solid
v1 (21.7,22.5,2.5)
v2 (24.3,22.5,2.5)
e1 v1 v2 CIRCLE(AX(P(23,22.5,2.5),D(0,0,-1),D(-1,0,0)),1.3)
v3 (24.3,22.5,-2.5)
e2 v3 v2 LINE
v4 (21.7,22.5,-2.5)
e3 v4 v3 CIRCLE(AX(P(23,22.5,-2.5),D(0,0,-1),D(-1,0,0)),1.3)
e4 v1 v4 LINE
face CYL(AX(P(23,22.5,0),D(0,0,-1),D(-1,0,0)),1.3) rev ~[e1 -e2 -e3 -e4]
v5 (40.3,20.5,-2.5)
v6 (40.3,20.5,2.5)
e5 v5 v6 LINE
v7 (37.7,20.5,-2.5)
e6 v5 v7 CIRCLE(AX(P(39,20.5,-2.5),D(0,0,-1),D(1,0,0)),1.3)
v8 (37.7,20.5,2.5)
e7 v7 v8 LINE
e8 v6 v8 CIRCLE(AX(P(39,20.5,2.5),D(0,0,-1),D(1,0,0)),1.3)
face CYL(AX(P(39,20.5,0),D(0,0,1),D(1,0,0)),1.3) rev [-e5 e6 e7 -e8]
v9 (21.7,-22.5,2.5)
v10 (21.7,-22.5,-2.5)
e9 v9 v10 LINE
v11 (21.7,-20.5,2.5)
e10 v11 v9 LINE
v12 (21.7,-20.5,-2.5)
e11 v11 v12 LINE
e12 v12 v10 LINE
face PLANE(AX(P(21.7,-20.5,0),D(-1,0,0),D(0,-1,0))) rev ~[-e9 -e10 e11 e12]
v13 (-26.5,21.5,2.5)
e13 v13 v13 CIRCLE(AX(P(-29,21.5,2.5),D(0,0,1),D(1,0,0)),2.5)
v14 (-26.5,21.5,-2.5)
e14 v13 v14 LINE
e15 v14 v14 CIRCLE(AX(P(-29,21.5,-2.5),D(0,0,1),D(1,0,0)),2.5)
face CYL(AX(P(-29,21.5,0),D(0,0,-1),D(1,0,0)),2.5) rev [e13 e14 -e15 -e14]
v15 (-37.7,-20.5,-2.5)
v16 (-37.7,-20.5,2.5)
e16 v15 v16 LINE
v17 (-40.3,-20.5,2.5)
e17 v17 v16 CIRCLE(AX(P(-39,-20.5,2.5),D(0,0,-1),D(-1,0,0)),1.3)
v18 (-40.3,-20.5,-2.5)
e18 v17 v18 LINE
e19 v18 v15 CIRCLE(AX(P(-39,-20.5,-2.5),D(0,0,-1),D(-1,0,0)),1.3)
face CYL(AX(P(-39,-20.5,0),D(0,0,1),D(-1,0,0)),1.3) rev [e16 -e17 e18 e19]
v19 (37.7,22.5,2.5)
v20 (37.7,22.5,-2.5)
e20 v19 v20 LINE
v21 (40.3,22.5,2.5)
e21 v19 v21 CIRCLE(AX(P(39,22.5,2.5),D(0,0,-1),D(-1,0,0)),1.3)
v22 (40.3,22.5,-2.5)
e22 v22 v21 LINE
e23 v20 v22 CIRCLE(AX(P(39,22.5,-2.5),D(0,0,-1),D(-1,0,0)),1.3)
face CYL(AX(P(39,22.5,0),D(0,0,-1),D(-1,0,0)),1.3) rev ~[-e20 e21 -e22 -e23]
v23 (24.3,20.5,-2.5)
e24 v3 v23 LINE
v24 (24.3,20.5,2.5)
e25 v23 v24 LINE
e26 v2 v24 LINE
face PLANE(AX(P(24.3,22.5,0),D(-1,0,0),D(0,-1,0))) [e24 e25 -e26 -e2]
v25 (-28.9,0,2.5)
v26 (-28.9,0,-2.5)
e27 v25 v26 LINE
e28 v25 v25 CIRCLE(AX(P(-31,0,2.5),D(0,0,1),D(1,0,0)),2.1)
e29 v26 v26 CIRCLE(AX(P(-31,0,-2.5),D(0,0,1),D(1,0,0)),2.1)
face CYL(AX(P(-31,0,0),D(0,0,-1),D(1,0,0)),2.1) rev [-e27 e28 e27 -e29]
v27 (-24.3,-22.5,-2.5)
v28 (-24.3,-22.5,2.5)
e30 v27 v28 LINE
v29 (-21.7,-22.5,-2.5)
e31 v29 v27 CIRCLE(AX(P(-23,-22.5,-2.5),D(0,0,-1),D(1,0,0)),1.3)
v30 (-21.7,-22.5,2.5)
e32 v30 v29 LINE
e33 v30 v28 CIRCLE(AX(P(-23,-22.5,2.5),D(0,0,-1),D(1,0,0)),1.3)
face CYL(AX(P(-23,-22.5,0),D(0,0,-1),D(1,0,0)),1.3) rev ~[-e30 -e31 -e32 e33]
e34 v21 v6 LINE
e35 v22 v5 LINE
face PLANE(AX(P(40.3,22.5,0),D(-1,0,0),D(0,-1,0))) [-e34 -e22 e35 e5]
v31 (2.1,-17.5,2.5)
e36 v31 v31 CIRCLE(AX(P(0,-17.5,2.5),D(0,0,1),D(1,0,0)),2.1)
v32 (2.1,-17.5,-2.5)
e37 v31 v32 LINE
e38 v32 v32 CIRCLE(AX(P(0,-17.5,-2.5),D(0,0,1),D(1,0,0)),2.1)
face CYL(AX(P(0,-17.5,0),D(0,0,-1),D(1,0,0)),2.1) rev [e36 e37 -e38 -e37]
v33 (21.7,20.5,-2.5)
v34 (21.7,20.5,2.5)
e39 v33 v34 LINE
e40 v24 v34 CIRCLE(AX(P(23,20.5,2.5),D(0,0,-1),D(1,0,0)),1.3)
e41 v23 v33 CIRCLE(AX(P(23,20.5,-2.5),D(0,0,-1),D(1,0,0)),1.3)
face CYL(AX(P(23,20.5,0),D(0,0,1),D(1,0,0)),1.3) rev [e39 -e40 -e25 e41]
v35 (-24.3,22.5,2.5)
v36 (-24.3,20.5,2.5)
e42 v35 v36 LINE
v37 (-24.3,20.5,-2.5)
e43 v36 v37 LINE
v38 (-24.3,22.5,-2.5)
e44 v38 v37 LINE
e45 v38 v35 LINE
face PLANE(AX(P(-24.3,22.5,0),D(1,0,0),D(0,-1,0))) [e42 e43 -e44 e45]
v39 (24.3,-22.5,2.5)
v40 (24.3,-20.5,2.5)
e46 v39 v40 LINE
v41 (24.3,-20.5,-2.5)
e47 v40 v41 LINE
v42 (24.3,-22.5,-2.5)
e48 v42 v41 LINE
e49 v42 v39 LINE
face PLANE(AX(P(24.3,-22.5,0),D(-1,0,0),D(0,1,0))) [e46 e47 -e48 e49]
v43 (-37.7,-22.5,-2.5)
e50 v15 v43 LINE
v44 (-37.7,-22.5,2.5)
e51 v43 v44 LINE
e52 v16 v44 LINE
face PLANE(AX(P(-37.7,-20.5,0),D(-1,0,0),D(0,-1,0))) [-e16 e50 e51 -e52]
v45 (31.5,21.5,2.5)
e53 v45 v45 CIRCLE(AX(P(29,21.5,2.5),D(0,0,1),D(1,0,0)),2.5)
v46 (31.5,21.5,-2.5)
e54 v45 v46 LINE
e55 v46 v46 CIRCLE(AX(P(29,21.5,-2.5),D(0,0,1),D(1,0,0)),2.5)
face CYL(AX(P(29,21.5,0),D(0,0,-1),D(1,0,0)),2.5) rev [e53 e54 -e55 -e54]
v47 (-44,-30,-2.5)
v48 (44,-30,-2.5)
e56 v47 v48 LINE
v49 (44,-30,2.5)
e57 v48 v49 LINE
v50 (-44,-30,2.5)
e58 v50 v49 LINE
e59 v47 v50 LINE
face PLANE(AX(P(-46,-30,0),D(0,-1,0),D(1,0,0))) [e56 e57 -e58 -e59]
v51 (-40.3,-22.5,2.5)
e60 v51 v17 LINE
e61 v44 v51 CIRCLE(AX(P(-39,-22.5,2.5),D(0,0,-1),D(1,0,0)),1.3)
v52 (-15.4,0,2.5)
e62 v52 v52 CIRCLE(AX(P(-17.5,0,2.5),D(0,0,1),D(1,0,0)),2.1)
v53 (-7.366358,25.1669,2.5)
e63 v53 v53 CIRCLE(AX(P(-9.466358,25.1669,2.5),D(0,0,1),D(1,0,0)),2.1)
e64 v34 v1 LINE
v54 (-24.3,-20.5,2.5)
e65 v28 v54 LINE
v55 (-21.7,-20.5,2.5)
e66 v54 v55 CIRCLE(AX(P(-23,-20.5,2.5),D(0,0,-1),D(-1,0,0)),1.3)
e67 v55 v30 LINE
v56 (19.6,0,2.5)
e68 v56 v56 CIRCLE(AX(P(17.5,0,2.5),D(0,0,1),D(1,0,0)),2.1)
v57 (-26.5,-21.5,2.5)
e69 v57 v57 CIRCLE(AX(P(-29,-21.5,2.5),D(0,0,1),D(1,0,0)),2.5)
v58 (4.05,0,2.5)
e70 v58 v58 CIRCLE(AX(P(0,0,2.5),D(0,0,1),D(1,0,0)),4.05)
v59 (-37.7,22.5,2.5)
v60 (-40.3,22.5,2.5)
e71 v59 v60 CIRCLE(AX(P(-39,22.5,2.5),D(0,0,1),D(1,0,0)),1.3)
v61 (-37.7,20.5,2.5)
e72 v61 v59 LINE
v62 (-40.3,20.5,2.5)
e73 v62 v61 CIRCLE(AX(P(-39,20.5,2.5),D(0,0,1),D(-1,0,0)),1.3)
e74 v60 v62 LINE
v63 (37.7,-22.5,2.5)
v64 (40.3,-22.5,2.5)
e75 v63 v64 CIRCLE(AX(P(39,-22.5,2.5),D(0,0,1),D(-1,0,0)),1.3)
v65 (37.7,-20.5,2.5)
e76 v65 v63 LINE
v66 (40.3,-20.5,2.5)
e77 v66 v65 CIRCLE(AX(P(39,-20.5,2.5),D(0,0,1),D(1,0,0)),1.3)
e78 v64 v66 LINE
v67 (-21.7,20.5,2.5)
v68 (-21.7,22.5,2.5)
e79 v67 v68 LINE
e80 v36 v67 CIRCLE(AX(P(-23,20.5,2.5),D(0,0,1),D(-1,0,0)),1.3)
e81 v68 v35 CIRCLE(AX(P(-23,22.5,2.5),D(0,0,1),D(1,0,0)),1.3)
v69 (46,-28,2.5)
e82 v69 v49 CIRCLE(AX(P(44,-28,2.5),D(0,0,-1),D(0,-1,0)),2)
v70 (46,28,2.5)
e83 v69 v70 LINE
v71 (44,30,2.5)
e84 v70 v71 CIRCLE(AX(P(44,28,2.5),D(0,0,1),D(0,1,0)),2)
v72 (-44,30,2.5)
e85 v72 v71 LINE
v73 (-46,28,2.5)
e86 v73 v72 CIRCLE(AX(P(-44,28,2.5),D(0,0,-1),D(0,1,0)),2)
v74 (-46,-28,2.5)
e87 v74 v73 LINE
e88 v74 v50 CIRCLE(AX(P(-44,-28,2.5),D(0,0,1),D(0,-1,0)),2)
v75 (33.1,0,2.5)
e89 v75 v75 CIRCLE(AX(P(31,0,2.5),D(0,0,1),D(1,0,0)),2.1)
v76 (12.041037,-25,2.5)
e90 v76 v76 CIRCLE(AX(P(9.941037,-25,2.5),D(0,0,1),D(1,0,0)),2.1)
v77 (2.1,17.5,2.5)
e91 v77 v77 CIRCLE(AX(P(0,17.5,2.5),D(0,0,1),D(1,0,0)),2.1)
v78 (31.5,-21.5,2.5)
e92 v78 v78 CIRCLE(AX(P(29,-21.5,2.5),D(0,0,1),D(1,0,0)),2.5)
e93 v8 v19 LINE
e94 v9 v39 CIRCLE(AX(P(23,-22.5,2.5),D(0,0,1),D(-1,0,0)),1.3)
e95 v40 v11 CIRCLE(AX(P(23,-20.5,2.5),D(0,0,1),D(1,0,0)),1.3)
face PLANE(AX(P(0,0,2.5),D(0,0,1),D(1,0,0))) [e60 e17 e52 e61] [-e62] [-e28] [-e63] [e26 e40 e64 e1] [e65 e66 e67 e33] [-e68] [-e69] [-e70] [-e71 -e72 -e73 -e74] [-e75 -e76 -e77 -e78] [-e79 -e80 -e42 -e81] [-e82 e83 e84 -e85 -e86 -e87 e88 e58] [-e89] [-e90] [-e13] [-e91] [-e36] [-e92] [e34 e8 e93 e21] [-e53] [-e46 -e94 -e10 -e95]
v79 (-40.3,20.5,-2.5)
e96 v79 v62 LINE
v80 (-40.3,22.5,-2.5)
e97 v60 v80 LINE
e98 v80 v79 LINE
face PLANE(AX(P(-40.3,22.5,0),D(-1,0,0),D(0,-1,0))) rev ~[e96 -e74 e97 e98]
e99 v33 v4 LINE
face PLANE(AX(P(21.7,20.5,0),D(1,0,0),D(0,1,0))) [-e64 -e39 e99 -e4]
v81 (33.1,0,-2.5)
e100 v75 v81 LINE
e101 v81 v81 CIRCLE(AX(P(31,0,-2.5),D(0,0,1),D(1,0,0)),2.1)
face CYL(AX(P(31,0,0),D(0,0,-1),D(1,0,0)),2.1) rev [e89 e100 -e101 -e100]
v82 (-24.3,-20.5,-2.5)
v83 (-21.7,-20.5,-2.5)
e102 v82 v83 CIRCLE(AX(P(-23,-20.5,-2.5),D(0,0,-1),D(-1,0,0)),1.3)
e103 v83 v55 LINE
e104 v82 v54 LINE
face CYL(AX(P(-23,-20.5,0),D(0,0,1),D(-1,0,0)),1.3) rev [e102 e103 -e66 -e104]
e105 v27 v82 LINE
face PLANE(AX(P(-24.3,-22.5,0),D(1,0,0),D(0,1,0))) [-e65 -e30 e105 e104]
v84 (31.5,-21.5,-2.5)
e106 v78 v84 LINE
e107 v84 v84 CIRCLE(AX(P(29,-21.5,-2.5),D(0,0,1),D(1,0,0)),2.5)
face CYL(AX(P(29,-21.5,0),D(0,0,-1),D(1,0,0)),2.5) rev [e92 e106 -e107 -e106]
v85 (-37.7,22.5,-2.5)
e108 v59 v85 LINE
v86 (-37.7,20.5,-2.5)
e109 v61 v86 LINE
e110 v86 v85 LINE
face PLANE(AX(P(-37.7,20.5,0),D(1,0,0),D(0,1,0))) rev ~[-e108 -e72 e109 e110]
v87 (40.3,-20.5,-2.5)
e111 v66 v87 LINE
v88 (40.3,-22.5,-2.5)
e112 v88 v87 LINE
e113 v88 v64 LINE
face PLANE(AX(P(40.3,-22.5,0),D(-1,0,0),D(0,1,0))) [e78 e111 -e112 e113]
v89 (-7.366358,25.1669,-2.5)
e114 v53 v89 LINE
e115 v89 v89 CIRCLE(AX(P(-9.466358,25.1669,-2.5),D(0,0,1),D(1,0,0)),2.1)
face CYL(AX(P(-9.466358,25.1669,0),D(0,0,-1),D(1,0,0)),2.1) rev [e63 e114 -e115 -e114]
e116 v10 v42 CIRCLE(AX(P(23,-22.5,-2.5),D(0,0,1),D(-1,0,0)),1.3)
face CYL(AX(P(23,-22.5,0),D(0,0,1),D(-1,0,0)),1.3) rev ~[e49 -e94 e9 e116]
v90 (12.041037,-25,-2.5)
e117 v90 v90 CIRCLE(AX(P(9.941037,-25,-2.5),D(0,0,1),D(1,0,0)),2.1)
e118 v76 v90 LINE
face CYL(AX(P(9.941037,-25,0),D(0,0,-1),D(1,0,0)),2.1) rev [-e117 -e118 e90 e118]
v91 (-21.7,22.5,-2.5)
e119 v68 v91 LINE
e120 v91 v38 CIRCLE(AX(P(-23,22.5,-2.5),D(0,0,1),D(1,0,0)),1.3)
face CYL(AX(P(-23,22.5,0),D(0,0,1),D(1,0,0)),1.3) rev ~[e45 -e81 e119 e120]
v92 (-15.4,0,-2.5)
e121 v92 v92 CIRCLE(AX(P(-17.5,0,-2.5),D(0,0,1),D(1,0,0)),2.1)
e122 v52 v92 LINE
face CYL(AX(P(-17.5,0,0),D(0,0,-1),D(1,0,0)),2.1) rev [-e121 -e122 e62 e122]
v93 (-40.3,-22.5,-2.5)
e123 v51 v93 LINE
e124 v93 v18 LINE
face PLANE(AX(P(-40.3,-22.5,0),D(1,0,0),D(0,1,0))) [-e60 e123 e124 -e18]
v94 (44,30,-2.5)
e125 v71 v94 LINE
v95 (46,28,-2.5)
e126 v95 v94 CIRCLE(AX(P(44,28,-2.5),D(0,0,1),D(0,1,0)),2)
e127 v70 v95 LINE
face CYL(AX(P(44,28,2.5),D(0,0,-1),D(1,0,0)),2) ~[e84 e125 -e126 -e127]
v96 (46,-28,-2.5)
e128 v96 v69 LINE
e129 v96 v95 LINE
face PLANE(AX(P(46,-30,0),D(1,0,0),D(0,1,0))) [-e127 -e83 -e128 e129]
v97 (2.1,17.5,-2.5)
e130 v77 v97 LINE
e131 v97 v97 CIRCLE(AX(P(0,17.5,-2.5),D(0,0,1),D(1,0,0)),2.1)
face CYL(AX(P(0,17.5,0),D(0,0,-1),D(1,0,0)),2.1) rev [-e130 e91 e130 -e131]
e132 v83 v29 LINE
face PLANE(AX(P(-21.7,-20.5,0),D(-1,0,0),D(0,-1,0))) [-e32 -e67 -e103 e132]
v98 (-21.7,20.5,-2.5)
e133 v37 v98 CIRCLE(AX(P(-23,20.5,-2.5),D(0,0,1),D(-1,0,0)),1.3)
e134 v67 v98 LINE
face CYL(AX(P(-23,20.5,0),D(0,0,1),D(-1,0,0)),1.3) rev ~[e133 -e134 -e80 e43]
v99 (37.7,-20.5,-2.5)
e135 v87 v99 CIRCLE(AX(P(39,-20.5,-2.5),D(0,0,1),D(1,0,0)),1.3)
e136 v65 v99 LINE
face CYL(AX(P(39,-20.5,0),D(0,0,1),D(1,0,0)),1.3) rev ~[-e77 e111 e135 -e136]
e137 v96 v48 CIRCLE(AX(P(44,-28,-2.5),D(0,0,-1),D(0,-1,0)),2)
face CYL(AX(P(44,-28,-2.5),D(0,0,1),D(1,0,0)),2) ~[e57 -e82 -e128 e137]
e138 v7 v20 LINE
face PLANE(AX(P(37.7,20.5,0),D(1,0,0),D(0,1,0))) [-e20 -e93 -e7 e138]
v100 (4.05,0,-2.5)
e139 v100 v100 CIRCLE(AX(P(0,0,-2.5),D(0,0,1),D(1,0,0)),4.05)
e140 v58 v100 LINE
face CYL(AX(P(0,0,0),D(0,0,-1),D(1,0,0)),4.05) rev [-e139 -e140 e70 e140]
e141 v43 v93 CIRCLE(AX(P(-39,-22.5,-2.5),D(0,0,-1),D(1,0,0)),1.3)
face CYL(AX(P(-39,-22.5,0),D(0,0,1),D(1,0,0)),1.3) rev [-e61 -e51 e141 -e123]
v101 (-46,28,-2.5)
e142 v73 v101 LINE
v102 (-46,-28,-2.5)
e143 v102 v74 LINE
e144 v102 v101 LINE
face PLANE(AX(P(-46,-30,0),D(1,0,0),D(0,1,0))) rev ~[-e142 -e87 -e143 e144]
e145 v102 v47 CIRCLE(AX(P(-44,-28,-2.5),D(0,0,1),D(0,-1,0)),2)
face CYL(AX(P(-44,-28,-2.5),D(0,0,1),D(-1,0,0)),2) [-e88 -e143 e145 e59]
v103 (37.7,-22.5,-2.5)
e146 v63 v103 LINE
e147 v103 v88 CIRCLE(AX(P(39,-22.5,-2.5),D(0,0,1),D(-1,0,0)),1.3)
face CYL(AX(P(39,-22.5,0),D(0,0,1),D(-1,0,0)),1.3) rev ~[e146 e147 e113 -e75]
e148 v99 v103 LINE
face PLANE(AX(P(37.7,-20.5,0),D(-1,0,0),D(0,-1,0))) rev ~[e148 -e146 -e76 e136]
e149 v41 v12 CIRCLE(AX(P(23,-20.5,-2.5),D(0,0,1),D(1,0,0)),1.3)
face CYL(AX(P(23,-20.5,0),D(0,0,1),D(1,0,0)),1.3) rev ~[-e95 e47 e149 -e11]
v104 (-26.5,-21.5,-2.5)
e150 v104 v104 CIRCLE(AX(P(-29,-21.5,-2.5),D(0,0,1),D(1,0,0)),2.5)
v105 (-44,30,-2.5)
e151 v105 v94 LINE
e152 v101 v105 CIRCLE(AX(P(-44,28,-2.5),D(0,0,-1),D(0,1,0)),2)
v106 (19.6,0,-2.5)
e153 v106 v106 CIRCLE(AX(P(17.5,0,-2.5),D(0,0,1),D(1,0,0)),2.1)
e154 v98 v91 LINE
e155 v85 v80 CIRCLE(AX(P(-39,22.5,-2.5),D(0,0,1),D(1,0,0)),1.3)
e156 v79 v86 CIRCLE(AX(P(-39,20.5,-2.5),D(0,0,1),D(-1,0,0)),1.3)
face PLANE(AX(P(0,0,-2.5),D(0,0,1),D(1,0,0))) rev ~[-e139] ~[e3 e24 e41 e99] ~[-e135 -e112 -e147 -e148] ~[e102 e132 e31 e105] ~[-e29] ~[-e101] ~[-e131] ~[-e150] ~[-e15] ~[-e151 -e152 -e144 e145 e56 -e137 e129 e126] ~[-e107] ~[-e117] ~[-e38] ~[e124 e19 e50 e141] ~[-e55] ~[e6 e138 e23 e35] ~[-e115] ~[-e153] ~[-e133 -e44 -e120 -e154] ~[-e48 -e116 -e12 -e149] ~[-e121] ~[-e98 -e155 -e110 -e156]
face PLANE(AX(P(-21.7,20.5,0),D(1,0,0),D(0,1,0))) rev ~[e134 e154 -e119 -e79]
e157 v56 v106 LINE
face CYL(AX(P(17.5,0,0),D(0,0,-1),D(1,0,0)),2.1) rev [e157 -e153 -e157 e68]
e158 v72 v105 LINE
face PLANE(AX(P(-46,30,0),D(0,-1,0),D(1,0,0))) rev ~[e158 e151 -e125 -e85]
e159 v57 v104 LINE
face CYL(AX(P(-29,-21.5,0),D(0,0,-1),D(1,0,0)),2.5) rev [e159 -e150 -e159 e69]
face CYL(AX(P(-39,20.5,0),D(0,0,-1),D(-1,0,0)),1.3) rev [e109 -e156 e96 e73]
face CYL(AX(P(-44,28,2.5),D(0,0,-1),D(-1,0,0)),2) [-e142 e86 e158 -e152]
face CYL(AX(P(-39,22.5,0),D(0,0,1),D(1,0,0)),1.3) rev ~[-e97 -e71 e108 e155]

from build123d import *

# Parameters (mm, degrees)
SKETCH1_W           = 92
SKETCH1_H           = 60
SKETCH1_R           = 4.05
SKETCH1_R_2         = 2.1
SKETCH1_R_3         = 2.5
BOSS_EXTRUDE1_DEPTH = 2.5
FILLET1_R           = 2


with BuildPart() as part:
    # Sketch1 → Boss-Extrude1 (new, symmetric)
    with BuildSketch(Plane.XY):
        Rectangle(SKETCH1_W, SKETCH1_H)
        Circle(SKETCH1_R, mode=Mode.SUBTRACT)
        with Locations((0, 17.5)):
            Circle(SKETCH1_R_2, mode=Mode.SUBTRACT)
        with Locations((0, -17.5)):
            Circle(SKETCH1_R_2, mode=Mode.SUBTRACT)
        with Locations((-17.5, 0)):
            Circle(SKETCH1_R_2, mode=Mode.SUBTRACT)
        with Locations((17.5, 0)):
            Circle(SKETCH1_R_2, mode=Mode.SUBTRACT)
        with Locations((29, 21.5)):
            Circle(SKETCH1_R_3, mode=Mode.SUBTRACT)
        with Locations((29, -21.5)):
            Circle(SKETCH1_R_3, mode=Mode.SUBTRACT)
        with Locations((-29, -21.5)):
            Circle(SKETCH1_R_3, mode=Mode.SUBTRACT)
        with Locations((-29, 21.5)):
            Circle(SKETCH1_R_3, mode=Mode.SUBTRACT)
        with Locations((-31, 0)):
            Circle(SKETCH1_R_2, mode=Mode.SUBTRACT)
        with Locations((31, 0)):
            Circle(SKETCH1_R_2, mode=Mode.SUBTRACT)
        with Locations((9.941037343, -25)):
            Circle(SKETCH1_R_2, mode=Mode.SUBTRACT)
        with Locations((-9.466357856, 25.166900153)):
            Circle(SKETCH1_R_2, mode=Mode.SUBTRACT)
        with BuildLine():
            Line((37.7, 20.5), (37.7, 22.5))
            ThreePointArc((37.7, 22.5), (39, 23.8), (40.3, 22.5))
            Line((40.3, 22.5), (40.3, 20.5))
            ThreePointArc((40.3, 20.5), (39, 19.2), (37.7, 20.5))
        make_face(mode=Mode.SUBTRACT)
        with BuildLine():
            Line((21.7, 20.5), (21.7, 22.5))
            ThreePointArc((21.7, 22.5), (23, 23.8), (24.3, 22.5))
            Line((24.3, 22.5), (24.3, 20.5))
            ThreePointArc((24.3, 20.5), (23, 19.2), (21.7, 20.5))
        make_face(mode=Mode.SUBTRACT)
        with BuildLine():
            Line((37.7, -20.5), (37.7, -22.5))
            ThreePointArc((37.7, -22.5), (39, -23.8), (40.3, -22.5))
            Line((40.3, -22.5), (40.3, -20.5))
            ThreePointArc((40.3, -20.5), (39, -19.2), (37.7, -20.5))
        make_face(mode=Mode.SUBTRACT)
        with BuildLine():
            Line((21.7, -20.5), (21.7, -22.5))
            ThreePointArc((21.7, -22.5), (23, -23.8), (24.3, -22.5))
            Line((24.3, -22.5), (24.3, -20.5))
            ThreePointArc((24.3, -20.5), (23, -19.2), (21.7, -20.5))
        make_face(mode=Mode.SUBTRACT)
        with BuildLine():
            Line((-21.7, -20.5), (-21.7, -22.5))
            ThreePointArc((-21.7, -22.5), (-23, -23.8), (-24.3, -22.5))
            Line((-24.3, -22.5), (-24.3, -20.5))
            ThreePointArc((-24.3, -20.5), (-23, -19.2), (-21.7, -20.5))
        make_face(mode=Mode.SUBTRACT)
        with BuildLine():
            Line((-37.7, -20.5), (-37.7, -22.5))
            ThreePointArc((-37.7, -22.5), (-39, -23.8), (-40.3, -22.5))
            Line((-40.3, -22.5), (-40.3, -20.5))
            ThreePointArc((-40.3, -20.5), (-39, -19.2), (-37.7, -20.5))
        make_face(mode=Mode.SUBTRACT)
        with BuildLine():
            Line((-21.7, 20.5), (-21.7, 22.5))
            ThreePointArc((-21.7, 22.5), (-23, 23.8), (-24.3, 22.5))
            Line((-24.3, 22.5), (-24.3, 20.5))
            ThreePointArc((-24.3, 20.5), (-23, 19.2), (-21.7, 20.5))
        make_face(mode=Mode.SUBTRACT)
        with BuildLine():
            Line((-37.7, 20.5), (-37.7, 22.5))
            ThreePointArc((-37.7, 22.5), (-39, 23.8), (-40.3, 22.5))
            Line((-40.3, 22.5), (-40.3, 20.5))
            ThreePointArc((-40.3, 20.5), (-39, 19.2), (-37.7, 20.5))
        make_face(mode=Mode.SUBTRACT)
    extrude(amount=BOSS_EXTRUDE1_DEPTH, both=True)

    # Fillet1
    fillet1_edges = [part.edges().sort_by_distance(p)[0] for p in [
        (-46, -30, 0),
        (-46, 30, 0),
        (46, 30, 0),
        (46, -30, 0),
    ]]
    fillet(fillet1_edges, radius=FILLET1_R)


solid = part.part
